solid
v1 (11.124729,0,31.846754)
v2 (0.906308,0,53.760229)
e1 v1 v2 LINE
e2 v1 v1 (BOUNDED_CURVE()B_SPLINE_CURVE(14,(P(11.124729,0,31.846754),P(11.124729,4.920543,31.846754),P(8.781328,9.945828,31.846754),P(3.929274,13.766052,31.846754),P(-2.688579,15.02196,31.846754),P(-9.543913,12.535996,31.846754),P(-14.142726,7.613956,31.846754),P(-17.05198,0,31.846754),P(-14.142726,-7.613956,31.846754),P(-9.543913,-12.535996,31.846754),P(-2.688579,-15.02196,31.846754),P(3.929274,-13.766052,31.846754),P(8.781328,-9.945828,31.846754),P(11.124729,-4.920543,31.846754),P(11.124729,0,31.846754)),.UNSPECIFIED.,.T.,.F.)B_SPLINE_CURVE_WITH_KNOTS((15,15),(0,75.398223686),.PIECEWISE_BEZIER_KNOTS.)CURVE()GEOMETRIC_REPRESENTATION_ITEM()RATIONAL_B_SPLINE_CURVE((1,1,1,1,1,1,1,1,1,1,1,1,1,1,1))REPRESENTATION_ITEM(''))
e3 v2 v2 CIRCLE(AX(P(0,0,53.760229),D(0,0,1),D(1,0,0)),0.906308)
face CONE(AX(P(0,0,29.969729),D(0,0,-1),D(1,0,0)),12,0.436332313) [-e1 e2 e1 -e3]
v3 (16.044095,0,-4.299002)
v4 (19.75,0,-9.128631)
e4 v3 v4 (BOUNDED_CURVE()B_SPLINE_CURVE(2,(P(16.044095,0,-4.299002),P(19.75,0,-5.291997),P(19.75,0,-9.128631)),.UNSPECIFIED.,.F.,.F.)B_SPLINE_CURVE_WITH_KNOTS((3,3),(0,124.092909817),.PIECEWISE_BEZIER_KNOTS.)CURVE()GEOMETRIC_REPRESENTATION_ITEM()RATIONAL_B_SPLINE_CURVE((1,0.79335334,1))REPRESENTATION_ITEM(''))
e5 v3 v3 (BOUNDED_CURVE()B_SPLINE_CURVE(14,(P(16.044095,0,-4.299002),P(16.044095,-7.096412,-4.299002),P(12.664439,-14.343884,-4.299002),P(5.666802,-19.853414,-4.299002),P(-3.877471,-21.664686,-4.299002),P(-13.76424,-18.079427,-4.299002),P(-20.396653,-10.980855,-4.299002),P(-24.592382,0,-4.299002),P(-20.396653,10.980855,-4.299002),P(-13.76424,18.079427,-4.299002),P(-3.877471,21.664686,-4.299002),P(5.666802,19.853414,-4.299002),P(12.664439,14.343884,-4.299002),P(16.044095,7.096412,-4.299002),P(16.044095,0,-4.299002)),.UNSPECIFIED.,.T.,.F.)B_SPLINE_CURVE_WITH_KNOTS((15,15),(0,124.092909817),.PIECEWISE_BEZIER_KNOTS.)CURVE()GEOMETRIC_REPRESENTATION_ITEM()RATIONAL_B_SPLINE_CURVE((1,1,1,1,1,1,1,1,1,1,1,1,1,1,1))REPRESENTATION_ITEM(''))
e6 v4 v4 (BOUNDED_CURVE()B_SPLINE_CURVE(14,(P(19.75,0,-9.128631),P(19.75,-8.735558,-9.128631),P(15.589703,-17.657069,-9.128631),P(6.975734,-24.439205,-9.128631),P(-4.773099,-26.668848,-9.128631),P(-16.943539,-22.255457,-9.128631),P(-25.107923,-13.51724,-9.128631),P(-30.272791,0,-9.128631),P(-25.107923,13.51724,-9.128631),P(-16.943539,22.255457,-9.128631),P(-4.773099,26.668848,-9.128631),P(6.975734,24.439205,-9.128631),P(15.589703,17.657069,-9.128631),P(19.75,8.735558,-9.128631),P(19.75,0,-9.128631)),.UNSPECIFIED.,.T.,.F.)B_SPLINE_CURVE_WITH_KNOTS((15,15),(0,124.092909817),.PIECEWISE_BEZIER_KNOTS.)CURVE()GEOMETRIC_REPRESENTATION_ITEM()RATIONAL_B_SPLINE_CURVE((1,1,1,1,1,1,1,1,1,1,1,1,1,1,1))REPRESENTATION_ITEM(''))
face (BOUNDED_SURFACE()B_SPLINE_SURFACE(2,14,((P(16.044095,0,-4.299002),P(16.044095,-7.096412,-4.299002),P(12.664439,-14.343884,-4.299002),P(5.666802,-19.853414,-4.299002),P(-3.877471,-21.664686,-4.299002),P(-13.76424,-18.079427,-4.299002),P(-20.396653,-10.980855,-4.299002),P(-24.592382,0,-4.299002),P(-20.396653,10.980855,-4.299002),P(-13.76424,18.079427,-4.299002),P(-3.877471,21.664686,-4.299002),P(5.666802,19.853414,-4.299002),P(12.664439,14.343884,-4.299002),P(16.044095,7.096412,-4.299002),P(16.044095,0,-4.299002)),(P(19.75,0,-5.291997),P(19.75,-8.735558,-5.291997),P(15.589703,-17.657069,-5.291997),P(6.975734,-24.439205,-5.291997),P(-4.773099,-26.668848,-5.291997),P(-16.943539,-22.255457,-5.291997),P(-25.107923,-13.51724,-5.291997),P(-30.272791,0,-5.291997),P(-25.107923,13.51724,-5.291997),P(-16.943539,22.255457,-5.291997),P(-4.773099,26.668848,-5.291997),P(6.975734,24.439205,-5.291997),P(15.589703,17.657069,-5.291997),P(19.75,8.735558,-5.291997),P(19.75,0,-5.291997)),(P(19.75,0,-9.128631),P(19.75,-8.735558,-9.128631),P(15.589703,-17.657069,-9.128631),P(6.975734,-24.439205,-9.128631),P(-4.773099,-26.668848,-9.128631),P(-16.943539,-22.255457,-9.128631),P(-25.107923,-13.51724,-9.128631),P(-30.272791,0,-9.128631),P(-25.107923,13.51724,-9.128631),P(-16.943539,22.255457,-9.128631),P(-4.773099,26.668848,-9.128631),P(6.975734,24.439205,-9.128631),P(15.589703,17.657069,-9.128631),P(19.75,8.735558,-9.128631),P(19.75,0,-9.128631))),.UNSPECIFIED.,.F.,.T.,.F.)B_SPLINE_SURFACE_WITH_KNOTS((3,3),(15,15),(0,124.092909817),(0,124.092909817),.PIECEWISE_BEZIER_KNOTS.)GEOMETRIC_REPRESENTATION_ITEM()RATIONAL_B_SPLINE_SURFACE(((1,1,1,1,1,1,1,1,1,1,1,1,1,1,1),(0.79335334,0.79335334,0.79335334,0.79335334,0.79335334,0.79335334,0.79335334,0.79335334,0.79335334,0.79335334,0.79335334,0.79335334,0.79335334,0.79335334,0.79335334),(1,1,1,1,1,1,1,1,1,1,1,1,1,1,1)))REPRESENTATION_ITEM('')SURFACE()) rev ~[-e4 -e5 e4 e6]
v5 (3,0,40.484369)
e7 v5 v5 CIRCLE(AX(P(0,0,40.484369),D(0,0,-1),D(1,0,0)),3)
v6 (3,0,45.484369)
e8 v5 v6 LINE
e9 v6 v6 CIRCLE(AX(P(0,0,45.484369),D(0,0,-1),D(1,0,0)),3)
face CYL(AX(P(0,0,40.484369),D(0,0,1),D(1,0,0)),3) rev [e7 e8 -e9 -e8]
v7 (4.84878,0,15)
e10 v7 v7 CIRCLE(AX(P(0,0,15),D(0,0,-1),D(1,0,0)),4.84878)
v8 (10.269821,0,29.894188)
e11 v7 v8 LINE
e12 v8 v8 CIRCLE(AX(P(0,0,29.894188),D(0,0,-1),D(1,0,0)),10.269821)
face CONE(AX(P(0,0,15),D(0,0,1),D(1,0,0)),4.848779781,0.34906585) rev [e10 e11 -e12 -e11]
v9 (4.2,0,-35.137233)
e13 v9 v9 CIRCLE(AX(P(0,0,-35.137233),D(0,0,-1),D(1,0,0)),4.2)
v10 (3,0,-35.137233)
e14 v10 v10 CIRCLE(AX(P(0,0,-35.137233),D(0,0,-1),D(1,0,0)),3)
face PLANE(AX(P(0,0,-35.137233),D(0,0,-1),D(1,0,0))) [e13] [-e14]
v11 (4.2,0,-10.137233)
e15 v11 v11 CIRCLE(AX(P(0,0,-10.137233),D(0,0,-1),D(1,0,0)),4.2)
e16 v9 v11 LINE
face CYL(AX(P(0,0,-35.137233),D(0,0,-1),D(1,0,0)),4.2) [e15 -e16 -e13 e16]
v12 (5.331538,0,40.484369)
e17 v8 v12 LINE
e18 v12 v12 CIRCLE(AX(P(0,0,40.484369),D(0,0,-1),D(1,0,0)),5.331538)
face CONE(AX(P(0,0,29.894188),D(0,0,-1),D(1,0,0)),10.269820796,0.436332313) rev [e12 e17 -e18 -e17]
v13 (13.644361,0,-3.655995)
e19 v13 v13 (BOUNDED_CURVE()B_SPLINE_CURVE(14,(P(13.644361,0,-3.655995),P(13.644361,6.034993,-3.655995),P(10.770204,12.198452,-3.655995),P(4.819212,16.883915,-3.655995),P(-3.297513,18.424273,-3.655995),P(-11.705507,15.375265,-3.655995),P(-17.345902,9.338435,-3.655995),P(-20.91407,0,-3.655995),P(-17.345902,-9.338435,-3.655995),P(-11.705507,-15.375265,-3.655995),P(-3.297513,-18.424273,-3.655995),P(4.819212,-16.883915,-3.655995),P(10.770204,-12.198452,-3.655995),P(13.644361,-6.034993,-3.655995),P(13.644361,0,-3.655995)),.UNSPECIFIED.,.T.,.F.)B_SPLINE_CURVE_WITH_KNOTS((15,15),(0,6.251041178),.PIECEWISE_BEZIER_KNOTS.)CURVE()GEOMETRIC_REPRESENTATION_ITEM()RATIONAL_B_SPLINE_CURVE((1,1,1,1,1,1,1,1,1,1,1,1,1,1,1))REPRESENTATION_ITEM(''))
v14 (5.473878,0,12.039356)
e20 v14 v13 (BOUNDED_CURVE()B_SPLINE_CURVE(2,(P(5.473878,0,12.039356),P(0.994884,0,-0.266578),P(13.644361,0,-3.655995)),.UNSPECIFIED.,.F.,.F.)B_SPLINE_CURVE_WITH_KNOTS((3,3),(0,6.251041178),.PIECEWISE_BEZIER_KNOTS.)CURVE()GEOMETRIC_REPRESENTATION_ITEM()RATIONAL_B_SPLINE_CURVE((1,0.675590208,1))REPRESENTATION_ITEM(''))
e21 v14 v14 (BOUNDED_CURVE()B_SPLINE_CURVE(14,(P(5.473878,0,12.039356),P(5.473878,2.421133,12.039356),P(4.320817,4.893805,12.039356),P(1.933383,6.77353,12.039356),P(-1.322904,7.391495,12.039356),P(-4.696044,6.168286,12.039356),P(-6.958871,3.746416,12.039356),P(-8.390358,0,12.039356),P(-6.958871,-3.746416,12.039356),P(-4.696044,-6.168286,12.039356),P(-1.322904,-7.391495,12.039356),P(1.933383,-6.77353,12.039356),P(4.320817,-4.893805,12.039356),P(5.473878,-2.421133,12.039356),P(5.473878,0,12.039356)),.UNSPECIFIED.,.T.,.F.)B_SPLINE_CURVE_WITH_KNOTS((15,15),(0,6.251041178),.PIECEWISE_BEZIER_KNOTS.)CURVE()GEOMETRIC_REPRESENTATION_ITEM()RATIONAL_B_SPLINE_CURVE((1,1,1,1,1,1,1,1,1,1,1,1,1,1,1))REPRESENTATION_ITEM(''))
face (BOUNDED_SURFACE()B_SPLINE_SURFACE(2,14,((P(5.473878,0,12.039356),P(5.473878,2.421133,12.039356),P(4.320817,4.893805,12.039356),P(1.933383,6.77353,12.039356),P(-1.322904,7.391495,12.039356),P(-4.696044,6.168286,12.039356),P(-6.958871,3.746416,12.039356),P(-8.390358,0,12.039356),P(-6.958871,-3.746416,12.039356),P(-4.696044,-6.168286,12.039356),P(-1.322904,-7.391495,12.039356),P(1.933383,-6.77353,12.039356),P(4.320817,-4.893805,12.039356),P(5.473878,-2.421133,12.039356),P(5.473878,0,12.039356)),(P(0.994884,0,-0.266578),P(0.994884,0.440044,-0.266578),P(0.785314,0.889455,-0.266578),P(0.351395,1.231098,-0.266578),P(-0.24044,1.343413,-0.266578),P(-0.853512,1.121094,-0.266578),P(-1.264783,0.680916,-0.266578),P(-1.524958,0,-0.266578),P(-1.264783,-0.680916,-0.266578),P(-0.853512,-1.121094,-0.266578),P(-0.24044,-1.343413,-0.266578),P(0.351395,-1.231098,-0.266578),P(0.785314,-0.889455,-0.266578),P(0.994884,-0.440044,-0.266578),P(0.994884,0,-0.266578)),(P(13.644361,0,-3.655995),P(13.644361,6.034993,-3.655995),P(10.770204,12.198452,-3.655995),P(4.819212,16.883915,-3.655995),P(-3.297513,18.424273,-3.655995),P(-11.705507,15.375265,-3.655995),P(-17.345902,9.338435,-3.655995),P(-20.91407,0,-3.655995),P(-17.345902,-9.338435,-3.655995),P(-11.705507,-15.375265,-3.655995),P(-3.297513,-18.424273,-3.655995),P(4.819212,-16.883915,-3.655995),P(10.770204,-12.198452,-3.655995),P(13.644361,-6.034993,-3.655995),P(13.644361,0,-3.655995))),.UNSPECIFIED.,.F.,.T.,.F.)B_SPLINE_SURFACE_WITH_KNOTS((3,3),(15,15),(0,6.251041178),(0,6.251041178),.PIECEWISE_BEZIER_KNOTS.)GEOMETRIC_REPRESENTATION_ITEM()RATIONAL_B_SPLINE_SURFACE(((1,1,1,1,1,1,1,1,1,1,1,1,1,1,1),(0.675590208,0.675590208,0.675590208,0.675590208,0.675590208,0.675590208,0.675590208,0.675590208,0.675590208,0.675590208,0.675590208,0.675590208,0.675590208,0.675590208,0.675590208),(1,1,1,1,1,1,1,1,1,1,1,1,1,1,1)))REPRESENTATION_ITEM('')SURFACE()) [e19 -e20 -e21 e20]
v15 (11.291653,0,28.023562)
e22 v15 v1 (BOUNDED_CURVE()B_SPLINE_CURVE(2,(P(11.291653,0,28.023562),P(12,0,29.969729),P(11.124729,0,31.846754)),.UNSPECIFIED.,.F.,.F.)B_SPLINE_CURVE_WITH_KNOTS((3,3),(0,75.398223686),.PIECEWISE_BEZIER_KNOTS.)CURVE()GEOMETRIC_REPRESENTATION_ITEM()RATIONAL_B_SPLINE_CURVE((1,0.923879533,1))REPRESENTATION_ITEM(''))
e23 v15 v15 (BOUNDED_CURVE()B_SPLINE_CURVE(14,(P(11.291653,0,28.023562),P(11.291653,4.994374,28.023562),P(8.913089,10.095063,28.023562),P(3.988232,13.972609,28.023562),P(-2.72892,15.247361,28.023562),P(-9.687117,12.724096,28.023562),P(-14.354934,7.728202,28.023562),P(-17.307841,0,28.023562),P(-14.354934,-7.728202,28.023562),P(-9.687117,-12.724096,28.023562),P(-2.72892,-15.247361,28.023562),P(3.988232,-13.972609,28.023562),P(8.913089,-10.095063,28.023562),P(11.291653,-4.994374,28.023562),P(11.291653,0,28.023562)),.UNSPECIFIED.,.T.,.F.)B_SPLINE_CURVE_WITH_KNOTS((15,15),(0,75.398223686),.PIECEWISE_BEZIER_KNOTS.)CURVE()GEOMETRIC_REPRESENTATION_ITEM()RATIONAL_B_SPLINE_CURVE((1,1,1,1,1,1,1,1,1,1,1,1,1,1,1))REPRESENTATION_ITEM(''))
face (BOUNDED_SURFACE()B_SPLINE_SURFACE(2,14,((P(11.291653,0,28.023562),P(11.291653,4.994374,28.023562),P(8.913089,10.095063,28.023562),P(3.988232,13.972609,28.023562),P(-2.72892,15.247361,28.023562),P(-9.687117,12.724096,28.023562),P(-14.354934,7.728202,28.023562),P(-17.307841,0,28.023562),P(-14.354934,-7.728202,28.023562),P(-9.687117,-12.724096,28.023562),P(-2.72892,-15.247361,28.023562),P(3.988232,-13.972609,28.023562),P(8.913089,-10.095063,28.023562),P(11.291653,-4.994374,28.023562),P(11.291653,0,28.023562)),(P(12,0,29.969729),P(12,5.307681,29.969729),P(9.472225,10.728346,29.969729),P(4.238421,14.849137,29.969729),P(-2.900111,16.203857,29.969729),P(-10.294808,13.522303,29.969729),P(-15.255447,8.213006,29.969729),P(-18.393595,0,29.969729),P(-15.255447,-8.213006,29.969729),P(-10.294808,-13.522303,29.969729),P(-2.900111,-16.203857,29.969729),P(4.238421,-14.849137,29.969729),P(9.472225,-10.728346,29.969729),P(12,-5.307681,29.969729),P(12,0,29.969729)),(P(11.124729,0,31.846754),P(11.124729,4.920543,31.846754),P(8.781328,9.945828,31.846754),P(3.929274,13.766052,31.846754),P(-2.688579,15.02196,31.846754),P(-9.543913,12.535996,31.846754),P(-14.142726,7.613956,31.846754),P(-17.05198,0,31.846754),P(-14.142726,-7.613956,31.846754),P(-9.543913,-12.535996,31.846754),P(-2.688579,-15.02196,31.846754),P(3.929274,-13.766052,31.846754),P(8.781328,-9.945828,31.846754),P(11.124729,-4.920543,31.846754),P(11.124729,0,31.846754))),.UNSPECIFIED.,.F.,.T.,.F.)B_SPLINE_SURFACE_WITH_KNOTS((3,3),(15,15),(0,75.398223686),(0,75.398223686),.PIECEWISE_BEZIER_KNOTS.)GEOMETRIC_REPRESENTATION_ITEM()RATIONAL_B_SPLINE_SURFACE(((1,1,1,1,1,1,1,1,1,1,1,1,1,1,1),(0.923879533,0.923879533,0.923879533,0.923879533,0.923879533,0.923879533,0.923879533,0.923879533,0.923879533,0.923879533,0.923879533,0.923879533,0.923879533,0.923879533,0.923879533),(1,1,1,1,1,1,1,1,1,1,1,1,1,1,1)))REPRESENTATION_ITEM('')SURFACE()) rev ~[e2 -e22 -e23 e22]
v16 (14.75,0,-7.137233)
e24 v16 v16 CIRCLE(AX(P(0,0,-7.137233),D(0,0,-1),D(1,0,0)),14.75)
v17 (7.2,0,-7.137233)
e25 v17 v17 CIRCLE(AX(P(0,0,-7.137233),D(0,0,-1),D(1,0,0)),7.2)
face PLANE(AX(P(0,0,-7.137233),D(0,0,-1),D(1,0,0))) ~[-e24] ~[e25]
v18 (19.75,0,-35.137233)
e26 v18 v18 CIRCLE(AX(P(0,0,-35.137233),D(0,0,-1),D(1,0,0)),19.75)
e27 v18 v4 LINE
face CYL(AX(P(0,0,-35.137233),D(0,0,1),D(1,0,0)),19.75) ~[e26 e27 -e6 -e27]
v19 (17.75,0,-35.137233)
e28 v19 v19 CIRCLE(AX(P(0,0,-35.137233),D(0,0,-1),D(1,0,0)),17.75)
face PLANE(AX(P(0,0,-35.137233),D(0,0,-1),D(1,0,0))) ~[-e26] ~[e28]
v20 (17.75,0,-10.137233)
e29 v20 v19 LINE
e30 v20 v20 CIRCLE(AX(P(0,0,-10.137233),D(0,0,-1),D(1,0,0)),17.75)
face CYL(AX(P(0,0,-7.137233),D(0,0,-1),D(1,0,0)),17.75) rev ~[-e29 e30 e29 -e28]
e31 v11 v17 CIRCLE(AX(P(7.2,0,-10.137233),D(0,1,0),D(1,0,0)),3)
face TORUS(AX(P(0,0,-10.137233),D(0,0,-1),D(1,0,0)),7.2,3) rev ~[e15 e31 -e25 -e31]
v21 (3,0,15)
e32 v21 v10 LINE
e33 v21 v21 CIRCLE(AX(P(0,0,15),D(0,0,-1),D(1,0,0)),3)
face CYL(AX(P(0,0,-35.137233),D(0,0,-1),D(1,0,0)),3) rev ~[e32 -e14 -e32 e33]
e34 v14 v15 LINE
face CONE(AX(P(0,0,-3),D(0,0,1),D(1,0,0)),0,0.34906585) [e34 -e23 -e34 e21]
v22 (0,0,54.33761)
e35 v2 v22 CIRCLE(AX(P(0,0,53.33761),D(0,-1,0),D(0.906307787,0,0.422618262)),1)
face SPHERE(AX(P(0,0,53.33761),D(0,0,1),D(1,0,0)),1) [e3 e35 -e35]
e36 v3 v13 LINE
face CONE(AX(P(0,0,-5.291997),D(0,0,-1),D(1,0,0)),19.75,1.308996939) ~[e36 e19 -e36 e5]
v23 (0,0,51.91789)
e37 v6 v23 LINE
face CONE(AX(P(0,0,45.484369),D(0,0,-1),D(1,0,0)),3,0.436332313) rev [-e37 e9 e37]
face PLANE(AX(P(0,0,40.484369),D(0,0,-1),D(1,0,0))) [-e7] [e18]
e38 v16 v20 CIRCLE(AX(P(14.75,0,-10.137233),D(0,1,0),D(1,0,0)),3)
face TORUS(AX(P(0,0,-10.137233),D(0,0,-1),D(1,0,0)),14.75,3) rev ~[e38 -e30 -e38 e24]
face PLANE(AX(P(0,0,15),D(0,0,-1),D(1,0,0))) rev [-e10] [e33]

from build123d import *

# Parameters (mm, degrees)
F5_R      = 12
F6_R      = 5
F9_R      = 4.2
F9_R_2    = 3
F10_DEPTH = 28
F11_R     = 3


with BuildPart() as f2:
    # F0 (on Front) → F2 (revolve)
    with BuildSketch(Plane.XZ):
        Polygon((17.75, -7.1372333806), (17.75, -35.1372333806), (19.75, -35.1372333806), (19.75, -5.2919965505), (0, 0), (0, -7.1372333806), align=None)
    revolve(axis=Axis((0, 0, -15.6453922391), (0, 0, -1)))

    # F3 (on Front) → F4 (revolve)
    with BuildSketch(Plane.XZ):
        with BuildLine():
            Line((0, 54.3376104964), (0, -3))
            Line((0, -3), (12, 29.9697290335))
            Line((12, 29.9697290335), (0.906307787, 53.7602287582))
            ThreePointArc((0.906307787, 53.7602287582), (0.5372996083, 54.1810019422), (0, 54.3376104964))
        make_face()
    revolve(axis=Axis((0, 0, 25.6688052482), (0, 0, 1)))

    # F5
    f5_edges = [f2.edges().sort_by_distance(p)[0] for p in [
        (-0.994884, 0, -0.266578),
    ]]
    fillet(f5_edges, radius=F5_R)

    # F6
    f6_edges = [f2.edges().sort_by_distance(p)[0] for p in [
        (-12, 0, 29.969729),
        (-19.75, 0, -5.291997),
    ]]
    fillet(f6_edges, radius=F6_R)

    # F7 (on Front) → F8 (revolve, cut)
    with BuildSketch(Plane.XZ):
        Polygon((3, 45.484368785), (0, 51.9178895465), (0, -35.1372333806), (3, -35.1372333806), (3, 15), (4.8487797808, 15), (10.2698207956, 29.894187778), (5.3315382908, 40.484368785), (3, 40.484368785), align=None)
    revolve(axis=Axis((0, 0, -15.6453922391), (0, 0, -1)), mode=Mode.SUBTRACT)

    # F9 (on face) → F10 (join, through all)
    with BuildSketch(Plane(origin=(0, 0, -35.1372333806), x_dir=(1, 0, 0), z_dir=(0, 0, -1))):
        Circle(F9_R)
        Circle(F9_R_2, mode=Mode.SUBTRACT)
    extrude(amount=-F10_DEPTH)

    # F11
    f11_edges = [f2.edges().sort_by_distance(p)[0] for p in [
        (-17.75, 0, -7.137233),
        (-4.2, 0, -7.137233),
    ]]
    fillet(f11_edges, radius=F11_R)


solid = f2.part
